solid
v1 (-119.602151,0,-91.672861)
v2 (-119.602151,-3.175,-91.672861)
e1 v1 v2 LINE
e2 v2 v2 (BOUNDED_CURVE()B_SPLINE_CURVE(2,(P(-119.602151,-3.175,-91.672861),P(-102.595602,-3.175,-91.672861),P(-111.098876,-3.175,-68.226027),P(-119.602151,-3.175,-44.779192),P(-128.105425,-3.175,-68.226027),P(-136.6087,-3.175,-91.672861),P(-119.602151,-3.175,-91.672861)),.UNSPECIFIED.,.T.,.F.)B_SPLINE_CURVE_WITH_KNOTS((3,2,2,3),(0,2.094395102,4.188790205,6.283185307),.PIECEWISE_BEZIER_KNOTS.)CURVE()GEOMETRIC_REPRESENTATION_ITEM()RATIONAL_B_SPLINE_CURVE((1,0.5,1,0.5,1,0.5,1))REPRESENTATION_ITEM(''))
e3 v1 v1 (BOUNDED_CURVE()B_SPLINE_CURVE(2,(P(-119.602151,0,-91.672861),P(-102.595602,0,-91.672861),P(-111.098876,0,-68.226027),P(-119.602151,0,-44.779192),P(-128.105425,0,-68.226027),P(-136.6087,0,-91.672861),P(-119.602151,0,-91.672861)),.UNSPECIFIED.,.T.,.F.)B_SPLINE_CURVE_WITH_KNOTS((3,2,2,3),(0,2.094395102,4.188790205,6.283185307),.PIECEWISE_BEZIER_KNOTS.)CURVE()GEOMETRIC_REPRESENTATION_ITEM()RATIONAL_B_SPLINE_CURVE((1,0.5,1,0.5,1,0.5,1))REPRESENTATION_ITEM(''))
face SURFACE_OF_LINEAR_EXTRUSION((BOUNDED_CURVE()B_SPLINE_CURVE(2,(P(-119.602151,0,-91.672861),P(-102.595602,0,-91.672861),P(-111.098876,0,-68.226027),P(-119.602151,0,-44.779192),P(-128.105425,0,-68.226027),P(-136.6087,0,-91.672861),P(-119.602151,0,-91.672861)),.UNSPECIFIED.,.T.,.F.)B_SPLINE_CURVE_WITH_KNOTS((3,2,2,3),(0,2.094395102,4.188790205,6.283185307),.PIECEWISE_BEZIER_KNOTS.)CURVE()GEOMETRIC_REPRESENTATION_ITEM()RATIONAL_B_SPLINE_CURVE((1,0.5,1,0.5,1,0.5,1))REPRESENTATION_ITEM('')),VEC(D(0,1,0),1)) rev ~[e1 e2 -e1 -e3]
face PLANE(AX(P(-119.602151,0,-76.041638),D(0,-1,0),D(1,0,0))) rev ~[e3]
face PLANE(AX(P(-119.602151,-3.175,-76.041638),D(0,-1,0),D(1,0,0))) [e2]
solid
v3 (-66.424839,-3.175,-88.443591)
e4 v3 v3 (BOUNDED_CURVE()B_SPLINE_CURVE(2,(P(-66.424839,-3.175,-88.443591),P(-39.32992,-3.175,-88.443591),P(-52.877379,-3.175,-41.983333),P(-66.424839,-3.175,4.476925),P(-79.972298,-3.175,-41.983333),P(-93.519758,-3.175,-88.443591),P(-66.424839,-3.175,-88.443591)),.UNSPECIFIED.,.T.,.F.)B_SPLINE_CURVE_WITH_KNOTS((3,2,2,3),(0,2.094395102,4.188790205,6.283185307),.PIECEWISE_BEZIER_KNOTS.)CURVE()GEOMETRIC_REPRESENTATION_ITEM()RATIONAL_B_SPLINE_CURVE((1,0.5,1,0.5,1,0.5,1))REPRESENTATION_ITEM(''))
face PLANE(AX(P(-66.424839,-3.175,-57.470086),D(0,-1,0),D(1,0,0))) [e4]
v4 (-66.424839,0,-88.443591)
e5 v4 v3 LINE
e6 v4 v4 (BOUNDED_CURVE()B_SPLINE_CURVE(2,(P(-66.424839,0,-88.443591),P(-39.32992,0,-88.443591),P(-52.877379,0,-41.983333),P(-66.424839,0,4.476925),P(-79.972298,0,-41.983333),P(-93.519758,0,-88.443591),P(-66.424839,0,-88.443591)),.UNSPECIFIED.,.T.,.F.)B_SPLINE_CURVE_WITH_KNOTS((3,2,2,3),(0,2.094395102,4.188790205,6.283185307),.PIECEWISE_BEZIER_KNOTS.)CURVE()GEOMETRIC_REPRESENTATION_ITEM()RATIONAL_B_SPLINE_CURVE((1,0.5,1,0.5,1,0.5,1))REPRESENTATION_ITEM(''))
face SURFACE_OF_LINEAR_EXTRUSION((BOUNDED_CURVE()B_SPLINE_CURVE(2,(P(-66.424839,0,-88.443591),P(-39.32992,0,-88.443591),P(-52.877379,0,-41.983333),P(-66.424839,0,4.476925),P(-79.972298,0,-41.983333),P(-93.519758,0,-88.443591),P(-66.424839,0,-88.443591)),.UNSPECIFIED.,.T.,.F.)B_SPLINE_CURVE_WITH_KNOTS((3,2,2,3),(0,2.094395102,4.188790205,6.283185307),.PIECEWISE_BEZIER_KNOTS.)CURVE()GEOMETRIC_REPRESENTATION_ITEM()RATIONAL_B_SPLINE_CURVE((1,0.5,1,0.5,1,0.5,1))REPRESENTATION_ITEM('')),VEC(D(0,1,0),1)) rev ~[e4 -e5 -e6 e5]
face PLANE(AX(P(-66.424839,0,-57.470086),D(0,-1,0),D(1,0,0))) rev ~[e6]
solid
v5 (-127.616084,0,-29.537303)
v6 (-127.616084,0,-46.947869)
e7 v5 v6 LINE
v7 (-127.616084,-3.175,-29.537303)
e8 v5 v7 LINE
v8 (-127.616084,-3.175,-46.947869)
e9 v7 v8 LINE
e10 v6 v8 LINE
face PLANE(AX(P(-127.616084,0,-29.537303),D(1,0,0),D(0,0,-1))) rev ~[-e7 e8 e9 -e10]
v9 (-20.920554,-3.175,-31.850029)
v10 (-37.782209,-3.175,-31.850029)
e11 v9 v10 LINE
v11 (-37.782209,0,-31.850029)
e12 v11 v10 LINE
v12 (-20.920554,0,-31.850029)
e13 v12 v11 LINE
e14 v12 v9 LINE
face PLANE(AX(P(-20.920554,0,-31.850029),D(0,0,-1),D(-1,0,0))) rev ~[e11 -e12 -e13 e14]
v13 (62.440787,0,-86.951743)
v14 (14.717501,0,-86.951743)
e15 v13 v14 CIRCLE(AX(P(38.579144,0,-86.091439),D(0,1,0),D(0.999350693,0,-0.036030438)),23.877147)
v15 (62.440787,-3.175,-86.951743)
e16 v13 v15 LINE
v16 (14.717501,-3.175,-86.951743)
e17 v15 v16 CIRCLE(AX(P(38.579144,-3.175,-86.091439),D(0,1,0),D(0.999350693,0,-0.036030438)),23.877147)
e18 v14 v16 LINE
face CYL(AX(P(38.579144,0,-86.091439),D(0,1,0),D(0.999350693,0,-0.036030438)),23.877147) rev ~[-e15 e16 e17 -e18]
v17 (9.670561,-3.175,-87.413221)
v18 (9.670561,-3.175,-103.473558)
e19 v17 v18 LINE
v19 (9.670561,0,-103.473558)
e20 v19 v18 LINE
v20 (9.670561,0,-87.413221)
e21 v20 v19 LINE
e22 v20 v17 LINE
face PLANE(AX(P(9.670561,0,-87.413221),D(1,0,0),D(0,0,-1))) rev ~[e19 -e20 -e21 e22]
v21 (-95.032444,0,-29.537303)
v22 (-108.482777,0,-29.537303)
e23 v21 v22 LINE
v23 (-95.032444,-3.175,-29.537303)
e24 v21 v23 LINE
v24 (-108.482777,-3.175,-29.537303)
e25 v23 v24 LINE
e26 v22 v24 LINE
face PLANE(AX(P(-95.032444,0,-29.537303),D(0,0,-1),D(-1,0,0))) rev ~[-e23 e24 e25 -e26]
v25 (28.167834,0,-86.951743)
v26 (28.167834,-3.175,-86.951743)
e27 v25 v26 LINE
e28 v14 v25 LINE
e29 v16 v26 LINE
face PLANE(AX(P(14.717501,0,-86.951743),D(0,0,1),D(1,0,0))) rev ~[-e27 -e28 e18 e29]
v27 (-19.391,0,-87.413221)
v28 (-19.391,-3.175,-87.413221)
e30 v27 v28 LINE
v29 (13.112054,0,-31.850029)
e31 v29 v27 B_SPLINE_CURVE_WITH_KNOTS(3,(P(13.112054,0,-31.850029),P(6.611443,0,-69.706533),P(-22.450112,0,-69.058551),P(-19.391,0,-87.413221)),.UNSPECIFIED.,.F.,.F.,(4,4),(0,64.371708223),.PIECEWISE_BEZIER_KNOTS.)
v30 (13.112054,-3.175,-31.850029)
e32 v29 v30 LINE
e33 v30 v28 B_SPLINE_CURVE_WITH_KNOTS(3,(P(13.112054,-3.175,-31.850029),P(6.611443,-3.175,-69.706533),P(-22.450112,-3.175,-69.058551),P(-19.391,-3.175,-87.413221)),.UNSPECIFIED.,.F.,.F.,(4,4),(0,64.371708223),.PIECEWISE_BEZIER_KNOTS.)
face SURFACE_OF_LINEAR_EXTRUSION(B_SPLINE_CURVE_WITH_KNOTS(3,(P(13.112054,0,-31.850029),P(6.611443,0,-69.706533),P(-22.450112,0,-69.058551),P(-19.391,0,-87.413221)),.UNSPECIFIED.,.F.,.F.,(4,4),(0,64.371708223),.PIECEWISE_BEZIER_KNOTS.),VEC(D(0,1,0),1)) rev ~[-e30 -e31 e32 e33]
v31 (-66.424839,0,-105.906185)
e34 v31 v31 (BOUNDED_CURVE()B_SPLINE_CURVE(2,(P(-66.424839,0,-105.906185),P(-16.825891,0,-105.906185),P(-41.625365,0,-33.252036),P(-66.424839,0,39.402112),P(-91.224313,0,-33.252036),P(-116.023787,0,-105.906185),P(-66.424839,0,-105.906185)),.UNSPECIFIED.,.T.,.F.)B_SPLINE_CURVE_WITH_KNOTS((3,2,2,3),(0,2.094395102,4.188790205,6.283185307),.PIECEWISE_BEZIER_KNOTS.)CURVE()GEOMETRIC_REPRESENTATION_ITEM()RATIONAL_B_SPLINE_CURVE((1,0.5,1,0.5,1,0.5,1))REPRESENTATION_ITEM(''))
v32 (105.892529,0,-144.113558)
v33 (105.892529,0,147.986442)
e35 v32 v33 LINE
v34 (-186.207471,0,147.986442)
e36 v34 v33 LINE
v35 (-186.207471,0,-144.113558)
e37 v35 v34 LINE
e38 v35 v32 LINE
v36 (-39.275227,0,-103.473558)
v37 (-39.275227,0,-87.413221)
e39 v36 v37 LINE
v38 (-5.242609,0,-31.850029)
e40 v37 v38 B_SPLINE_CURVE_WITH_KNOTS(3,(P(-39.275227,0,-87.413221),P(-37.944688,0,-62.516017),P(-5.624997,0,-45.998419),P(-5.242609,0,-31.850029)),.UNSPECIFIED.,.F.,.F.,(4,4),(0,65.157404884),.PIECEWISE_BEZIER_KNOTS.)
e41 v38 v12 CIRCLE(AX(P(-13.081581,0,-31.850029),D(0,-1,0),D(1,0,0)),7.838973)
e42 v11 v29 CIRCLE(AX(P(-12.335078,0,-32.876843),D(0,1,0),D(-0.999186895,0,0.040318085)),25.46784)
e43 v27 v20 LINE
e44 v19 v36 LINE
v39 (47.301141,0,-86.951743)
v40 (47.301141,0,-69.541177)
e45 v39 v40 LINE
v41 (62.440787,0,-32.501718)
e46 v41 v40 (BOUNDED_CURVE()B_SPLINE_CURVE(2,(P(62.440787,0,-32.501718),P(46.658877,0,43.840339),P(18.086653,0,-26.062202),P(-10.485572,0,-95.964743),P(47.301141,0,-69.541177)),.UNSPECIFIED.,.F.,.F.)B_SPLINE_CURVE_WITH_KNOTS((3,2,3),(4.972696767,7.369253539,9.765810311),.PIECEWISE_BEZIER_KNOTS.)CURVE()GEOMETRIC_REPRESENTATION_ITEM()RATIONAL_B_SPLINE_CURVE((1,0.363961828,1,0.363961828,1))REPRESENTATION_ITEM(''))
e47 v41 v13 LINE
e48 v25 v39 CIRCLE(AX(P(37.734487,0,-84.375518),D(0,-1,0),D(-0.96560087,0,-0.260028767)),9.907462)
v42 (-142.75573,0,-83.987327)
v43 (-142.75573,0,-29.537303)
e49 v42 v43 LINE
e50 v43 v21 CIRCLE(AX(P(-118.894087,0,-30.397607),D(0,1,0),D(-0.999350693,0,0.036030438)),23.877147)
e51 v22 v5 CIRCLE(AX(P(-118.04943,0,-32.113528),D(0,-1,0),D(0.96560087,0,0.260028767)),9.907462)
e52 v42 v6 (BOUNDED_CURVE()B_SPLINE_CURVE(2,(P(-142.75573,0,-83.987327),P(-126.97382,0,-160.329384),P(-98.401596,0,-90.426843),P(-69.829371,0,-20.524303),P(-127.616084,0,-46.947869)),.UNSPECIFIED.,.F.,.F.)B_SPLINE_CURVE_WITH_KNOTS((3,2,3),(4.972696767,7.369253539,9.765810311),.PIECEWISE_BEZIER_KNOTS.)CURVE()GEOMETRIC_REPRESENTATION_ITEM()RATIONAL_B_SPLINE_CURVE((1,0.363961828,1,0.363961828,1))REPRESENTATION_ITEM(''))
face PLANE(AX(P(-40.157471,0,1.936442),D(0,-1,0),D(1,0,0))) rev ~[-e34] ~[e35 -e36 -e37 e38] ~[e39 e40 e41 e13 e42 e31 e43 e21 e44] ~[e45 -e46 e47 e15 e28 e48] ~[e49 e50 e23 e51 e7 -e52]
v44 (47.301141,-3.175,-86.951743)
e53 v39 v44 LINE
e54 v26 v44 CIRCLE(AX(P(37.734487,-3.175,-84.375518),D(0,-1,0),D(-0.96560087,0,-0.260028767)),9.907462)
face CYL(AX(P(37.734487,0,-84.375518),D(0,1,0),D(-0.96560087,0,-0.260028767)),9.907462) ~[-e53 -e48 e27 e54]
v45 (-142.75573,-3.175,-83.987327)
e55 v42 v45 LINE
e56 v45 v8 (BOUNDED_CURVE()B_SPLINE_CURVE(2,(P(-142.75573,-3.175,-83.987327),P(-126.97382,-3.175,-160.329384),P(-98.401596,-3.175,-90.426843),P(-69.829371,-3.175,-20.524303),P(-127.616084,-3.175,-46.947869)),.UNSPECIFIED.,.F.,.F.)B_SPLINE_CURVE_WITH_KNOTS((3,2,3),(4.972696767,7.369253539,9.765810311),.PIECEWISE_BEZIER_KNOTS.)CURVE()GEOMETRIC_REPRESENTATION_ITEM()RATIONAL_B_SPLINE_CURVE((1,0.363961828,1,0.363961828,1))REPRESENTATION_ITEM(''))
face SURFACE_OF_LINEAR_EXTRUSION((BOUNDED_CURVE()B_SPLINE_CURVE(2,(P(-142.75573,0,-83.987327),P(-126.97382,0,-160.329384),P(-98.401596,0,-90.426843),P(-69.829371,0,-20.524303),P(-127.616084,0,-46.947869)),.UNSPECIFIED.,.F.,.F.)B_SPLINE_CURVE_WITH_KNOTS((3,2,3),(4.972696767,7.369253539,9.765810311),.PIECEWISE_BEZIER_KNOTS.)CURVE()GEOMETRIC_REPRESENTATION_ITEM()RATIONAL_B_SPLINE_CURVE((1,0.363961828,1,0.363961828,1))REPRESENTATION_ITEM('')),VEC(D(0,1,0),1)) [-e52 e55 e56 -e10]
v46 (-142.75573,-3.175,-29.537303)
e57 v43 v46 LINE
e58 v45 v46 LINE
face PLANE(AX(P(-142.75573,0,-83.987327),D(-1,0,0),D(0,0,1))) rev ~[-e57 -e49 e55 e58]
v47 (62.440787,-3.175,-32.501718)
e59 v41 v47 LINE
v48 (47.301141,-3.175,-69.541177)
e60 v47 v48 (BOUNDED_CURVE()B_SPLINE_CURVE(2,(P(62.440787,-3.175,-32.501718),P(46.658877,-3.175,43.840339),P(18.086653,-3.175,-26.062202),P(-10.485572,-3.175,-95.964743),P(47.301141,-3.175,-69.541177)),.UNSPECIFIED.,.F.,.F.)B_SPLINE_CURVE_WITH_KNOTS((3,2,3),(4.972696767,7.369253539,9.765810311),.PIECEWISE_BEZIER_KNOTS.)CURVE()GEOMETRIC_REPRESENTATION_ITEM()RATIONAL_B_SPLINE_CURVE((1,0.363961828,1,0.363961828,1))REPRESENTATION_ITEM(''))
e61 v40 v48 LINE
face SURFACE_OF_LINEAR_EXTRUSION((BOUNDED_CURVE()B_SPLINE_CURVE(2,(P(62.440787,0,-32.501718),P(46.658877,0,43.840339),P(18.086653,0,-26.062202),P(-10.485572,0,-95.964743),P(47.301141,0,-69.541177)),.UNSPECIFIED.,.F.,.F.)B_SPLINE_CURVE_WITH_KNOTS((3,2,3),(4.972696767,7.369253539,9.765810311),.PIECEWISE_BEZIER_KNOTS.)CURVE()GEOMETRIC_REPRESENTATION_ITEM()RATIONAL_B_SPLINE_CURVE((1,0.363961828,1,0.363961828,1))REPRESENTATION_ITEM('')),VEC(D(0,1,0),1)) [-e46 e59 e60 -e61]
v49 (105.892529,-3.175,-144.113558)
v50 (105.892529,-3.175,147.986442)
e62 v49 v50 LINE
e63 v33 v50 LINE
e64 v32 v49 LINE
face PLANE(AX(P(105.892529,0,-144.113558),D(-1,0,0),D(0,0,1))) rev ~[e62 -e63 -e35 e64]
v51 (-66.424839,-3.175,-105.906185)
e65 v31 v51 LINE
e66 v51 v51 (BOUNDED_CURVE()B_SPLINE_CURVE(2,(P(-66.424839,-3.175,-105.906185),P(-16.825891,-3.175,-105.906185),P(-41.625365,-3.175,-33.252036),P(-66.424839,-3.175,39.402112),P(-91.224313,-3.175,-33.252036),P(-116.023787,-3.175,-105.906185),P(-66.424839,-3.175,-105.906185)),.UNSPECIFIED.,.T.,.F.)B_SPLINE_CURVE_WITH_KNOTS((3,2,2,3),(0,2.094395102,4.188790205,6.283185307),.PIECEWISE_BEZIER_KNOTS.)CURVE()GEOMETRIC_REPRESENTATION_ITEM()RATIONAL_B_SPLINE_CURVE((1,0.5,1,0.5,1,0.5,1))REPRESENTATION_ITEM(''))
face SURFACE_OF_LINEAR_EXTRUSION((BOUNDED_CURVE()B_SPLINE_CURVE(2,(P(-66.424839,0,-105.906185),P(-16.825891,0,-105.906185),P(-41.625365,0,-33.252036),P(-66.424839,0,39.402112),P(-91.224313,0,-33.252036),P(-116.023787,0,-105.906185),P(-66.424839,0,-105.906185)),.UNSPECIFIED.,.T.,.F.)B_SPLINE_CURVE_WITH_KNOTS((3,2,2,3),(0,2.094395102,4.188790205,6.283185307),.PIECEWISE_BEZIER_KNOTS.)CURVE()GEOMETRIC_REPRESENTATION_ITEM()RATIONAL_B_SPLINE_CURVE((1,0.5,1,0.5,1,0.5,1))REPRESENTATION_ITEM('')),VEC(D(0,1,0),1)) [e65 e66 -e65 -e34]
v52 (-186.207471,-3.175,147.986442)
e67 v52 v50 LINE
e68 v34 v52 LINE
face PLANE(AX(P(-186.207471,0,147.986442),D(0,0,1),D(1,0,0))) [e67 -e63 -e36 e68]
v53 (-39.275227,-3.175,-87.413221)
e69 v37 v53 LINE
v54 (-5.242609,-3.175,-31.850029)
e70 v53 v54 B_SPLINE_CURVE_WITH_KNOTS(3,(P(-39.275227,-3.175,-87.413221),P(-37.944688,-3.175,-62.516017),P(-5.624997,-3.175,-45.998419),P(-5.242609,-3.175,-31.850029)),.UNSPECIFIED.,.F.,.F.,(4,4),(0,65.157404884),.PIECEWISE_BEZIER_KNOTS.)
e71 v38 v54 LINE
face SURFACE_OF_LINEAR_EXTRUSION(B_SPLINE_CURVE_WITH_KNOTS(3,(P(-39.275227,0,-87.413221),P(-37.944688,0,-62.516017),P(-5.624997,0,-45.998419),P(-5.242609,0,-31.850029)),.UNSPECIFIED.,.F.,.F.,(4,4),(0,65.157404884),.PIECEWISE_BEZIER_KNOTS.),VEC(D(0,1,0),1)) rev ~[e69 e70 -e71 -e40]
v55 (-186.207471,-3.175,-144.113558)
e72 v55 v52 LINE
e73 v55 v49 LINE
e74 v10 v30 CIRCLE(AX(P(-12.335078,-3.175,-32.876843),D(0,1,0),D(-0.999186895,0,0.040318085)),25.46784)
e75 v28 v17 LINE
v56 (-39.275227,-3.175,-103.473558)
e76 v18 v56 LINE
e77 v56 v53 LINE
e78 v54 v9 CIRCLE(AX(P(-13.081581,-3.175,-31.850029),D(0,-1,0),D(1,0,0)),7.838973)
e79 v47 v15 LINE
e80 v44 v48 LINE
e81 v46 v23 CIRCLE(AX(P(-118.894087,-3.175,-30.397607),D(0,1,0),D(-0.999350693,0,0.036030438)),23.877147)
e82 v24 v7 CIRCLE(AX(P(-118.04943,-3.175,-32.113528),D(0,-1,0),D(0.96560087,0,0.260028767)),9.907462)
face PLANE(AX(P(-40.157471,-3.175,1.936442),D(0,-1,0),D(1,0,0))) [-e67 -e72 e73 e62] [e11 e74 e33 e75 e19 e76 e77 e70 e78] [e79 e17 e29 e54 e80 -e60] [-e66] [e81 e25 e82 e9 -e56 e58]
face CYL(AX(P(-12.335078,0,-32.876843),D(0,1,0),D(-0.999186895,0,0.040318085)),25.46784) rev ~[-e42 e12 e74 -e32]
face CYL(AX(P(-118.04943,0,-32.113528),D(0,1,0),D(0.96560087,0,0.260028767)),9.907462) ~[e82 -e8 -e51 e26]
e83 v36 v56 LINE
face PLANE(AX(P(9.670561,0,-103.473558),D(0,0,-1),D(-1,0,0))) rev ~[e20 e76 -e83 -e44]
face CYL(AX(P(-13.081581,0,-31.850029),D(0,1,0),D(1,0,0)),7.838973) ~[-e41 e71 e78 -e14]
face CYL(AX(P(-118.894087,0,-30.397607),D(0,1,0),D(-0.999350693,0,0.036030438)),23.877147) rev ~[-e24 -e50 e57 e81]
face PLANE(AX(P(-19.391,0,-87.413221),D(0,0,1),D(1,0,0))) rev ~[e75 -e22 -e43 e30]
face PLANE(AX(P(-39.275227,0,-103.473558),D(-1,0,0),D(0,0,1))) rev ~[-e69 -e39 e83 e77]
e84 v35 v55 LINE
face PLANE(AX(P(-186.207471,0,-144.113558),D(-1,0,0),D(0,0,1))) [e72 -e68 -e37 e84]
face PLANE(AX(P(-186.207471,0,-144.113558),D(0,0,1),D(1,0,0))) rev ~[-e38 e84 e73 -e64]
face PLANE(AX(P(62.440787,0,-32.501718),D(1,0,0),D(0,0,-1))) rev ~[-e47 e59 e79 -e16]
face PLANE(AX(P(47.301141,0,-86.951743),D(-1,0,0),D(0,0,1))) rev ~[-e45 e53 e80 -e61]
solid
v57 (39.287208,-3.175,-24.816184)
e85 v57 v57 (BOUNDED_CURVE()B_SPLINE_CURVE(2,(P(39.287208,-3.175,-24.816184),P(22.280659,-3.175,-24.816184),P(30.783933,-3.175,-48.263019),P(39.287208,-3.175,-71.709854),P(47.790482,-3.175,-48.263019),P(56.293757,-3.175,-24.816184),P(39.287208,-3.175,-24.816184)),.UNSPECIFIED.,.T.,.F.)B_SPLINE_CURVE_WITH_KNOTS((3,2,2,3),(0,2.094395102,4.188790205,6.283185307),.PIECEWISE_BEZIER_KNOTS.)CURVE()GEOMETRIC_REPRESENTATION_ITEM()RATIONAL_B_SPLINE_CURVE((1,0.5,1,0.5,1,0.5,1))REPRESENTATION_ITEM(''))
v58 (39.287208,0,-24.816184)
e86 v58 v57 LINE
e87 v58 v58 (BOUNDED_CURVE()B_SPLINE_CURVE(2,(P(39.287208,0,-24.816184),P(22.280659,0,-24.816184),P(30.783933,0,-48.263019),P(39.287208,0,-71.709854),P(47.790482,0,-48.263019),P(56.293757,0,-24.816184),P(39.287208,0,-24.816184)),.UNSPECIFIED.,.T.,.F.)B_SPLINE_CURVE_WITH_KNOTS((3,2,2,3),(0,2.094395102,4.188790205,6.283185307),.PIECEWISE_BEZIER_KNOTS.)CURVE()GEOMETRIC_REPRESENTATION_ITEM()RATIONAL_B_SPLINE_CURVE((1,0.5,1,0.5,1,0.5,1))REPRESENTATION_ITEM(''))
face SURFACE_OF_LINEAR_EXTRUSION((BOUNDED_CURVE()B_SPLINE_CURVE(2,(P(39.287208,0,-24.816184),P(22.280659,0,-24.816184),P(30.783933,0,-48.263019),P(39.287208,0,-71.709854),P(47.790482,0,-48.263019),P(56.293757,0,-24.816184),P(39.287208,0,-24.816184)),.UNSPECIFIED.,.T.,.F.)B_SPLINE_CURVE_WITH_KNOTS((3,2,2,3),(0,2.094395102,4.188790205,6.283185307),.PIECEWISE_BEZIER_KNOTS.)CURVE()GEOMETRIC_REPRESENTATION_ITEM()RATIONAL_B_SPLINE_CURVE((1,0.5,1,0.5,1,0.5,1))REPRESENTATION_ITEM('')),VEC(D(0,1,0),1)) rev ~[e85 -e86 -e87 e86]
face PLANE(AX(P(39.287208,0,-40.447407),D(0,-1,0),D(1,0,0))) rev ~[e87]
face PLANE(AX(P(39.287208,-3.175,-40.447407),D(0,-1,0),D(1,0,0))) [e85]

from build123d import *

# Parameters (mm, degrees)
F0_W     = 292.1
F0_H     = 292.1
F1_DEPTH = 3.175


with BuildPart() as f1:
    # F0 (on Front) → F1 (new body)
    with BuildSketch(Plane.XZ):
        with Locations((-40.1574712923, 1.9364418507)):
            Rectangle(F0_W, F0_H)
        with BuildLine():
            ThreePointArc((-142.7557298629, -29.5373028781), (-118.8940867618, -6.520460227), (-95.0324436608, -29.5373028781))
            Line((-95.0324436608, -29.5373028781), (-108.4827767409, -29.5373028781))
            ThreePointArc((-108.4827767409, -29.5373028781), (-118.0494302176, -22.2060663534), (-127.6160836943, -29.5373028781))
            Line((-127.6160836943, -29.5373028781), (-127.6160836943, -46.9478685959))
            add(Edge.make_bspline(
                [(-142.7557298629, -83.987326965), (-126.9738204318, -160.3293840028), (-98.4015956376, -90.4268434154), (-69.8293708434, -20.5243028281), (-127.6160836943, -46.9478685959)],
                knots=[4.9726967666, 4.9726967666, 4.9726967666, 7.3692535387, 7.3692535387, 9.7658103108, 9.7658103108, 9.7658103108], degree=2, weights=[1, 0.3639618282, 1, 0.3639618282, 1]))
            Line((-142.7557298629, -83.987326965), (-142.7557298629, -29.5373028781))
        make_face(mode=Mode.SUBTRACT)
        with BuildLine():
            add(Edge.make_bspline(
                [(-66.4248388269, -105.906184584), (-16.8258911035, -105.906184584), (-41.6253649652, -33.2520364982), (-66.4248388269, 39.4021115876), (-91.2243126886, -33.2520364982), (-116.0237865503, -105.906184584), (-66.4248388269, -105.906184584)],
                knots=[0, 0, 0, 2.0943951024, 2.0943951024, 4.1887902048, 4.1887902048, 6.2831853072, 6.2831853072, 6.2831853072], degree=2, weights=[1, 0.5, 1, 0.5, 1, 0.5, 1]))
        make_face(mode=Mode.SUBTRACT)
        with BuildLine():
            ThreePointArc((-5.2426088433, -31.8500286278), (-13.0815814728, -24.0110559984), (-20.9205541022, -31.8500286278))
            Line((-20.9205541022, -31.8500286278), (-37.7822094142, -31.8500286278))
            ThreePointArc((-37.7822094142, -31.8500286278), (-12.3350775563, -7.4090032919), (13.1120543017, -31.8500286278))
            add(Edge.make_bspline(
                [(13.1120543017, -31.8500286278), (6.6114428313, -69.7065332751), (-22.450112245, -69.0585513461), (-19.3909995049, -87.4132206957)],
                knots=[0, 0, 0, 0, 64.3717082228, 64.3717082228, 64.3717082228, 64.3717082228], degree=3))
            Line((-19.3909995049, -87.4132206957), (9.6705608896, -87.4132206957))
            Line((9.6705608896, -87.4132206957), (9.6705608896, -103.4735581493))
            Line((9.6705608896, -103.4735581493), (-39.2752269973, -103.4735581493))
            Line((-39.2752269973, -103.4735581493), (-39.2752269973, -87.4132206957))
            add(Edge.make_bspline(
                [(-39.2752269973, -87.4132206957), (-37.9446880513, -62.5160173481), (-5.6249974927, -45.9984192894), (-5.2426088433, -31.8500286278)],
                knots=[0, 0, 0, 0, 65.1574048837, 65.1574048837, 65.1574048837, 65.1574048837], degree=3))
        make_face(mode=Mode.SUBTRACT)
        with BuildLine():
            ThreePointArc((62.4407868077, -86.9517425749), (38.5791437066, -109.9685852259), (14.7175006056, -86.9517425749))
            Line((14.7175006056, -86.9517425749), (28.1678336858, -86.9517425749))
            ThreePointArc((28.1678336858, -86.9517425749), (37.7344871624, -94.2829790995), (47.3011406391, -86.9517425749))
            Line((47.3011406391, -86.9517425749), (47.3011406391, -69.541176857))
            add(Edge.make_bspline(
                [(62.4407868077, -32.5017184879), (46.6588773766, 43.8403385498), (18.0866525824, -26.0622020375), (-10.4855722118, -95.9647426249), (47.3011406391, -69.541176857)],
                knots=[4.9726967666, 4.9726967666, 4.9726967666, 7.3692535387, 7.3692535387, 9.7658103108, 9.7658103108, 9.7658103108], degree=2, weights=[1, 0.3639618282, 1, 0.3639618282, 1]))
            Line((62.4407868077, -32.5017184879), (62.4407868077, -86.9517425749))
        make_face(mode=Mode.SUBTRACT)
    extrude(amount=F1_DEPTH)


with BuildPart() as f1b:
    # F0 (on Front) → F1, piece 2 (new body)
    with BuildSketch(Plane.XZ):
        with BuildLine():
            add(Edge.make_bspline(
                [(-66.4248388269, -88.443591274), (-39.3299198243, -88.443591274), (-52.8773793256, -41.9833331532), (-66.4248388269, 4.4769249675), (-79.9722983282, -41.9833331532), (-93.5197578295, -88.443591274), (-66.4248388269, -88.443591274)],
                knots=[0, 0, 0, 2.0943951024, 2.0943951024, 4.1887902048, 4.1887902048, 6.2831853072, 6.2831853072, 6.2831853072], degree=2, weights=[1, 0.5, 1, 0.5, 1, 0.5, 1]))
        make_face()
    extrude(amount=F1_DEPTH)


with BuildPart() as f1c:
    # F0 (on Front) → F1, piece 3 (new body)
    with BuildSketch(Plane.XZ):
        with BuildLine():
            add(Edge.make_bspline(
                [(-119.6021508598, -91.6728613435), (-102.5956020408, -91.6728613435), (-111.0988764503, -68.2260265909), (-119.6021508598, -44.7791918383), (-128.1054252693, -68.2260265909), (-136.6086996787, -91.6728613435), (-119.6021508598, -91.6728613435)],
                knots=[0, 0, 0, 2.0943951024, 2.0943951024, 4.1887902048, 4.1887902048, 6.2831853072, 6.2831853072, 6.2831853072], degree=2, weights=[1, 0.5, 1, 0.5, 1, 0.5, 1]))
        make_face()
    extrude(amount=F1_DEPTH)


with BuildPart() as f1d:
    # F0 (on Front) → F1, piece 4 (new body)
    with BuildSketch(Plane.XZ):
        with BuildLine():
            add(Edge.make_bspline(
                [(39.2872078046, -24.8161841095), (22.2806589856, -24.8161841095), (30.7839333951, -48.2630188621), (39.2872078046, -71.7098536147), (47.7904822141, -48.2630188621), (56.2937566235, -24.8161841095), (39.2872078046, -24.8161841095)],
                knots=[0, 0, 0, 2.0943951024, 2.0943951024, 4.1887902048, 4.1887902048, 6.2831853072, 6.2831853072, 6.2831853072], degree=2, weights=[1, 0.5, 1, 0.5, 1, 0.5, 1]))
        make_face()
    extrude(amount=F1_DEPTH)


solid = Compound([f1.part, f1b.part, f1c.part, f1d.part])
